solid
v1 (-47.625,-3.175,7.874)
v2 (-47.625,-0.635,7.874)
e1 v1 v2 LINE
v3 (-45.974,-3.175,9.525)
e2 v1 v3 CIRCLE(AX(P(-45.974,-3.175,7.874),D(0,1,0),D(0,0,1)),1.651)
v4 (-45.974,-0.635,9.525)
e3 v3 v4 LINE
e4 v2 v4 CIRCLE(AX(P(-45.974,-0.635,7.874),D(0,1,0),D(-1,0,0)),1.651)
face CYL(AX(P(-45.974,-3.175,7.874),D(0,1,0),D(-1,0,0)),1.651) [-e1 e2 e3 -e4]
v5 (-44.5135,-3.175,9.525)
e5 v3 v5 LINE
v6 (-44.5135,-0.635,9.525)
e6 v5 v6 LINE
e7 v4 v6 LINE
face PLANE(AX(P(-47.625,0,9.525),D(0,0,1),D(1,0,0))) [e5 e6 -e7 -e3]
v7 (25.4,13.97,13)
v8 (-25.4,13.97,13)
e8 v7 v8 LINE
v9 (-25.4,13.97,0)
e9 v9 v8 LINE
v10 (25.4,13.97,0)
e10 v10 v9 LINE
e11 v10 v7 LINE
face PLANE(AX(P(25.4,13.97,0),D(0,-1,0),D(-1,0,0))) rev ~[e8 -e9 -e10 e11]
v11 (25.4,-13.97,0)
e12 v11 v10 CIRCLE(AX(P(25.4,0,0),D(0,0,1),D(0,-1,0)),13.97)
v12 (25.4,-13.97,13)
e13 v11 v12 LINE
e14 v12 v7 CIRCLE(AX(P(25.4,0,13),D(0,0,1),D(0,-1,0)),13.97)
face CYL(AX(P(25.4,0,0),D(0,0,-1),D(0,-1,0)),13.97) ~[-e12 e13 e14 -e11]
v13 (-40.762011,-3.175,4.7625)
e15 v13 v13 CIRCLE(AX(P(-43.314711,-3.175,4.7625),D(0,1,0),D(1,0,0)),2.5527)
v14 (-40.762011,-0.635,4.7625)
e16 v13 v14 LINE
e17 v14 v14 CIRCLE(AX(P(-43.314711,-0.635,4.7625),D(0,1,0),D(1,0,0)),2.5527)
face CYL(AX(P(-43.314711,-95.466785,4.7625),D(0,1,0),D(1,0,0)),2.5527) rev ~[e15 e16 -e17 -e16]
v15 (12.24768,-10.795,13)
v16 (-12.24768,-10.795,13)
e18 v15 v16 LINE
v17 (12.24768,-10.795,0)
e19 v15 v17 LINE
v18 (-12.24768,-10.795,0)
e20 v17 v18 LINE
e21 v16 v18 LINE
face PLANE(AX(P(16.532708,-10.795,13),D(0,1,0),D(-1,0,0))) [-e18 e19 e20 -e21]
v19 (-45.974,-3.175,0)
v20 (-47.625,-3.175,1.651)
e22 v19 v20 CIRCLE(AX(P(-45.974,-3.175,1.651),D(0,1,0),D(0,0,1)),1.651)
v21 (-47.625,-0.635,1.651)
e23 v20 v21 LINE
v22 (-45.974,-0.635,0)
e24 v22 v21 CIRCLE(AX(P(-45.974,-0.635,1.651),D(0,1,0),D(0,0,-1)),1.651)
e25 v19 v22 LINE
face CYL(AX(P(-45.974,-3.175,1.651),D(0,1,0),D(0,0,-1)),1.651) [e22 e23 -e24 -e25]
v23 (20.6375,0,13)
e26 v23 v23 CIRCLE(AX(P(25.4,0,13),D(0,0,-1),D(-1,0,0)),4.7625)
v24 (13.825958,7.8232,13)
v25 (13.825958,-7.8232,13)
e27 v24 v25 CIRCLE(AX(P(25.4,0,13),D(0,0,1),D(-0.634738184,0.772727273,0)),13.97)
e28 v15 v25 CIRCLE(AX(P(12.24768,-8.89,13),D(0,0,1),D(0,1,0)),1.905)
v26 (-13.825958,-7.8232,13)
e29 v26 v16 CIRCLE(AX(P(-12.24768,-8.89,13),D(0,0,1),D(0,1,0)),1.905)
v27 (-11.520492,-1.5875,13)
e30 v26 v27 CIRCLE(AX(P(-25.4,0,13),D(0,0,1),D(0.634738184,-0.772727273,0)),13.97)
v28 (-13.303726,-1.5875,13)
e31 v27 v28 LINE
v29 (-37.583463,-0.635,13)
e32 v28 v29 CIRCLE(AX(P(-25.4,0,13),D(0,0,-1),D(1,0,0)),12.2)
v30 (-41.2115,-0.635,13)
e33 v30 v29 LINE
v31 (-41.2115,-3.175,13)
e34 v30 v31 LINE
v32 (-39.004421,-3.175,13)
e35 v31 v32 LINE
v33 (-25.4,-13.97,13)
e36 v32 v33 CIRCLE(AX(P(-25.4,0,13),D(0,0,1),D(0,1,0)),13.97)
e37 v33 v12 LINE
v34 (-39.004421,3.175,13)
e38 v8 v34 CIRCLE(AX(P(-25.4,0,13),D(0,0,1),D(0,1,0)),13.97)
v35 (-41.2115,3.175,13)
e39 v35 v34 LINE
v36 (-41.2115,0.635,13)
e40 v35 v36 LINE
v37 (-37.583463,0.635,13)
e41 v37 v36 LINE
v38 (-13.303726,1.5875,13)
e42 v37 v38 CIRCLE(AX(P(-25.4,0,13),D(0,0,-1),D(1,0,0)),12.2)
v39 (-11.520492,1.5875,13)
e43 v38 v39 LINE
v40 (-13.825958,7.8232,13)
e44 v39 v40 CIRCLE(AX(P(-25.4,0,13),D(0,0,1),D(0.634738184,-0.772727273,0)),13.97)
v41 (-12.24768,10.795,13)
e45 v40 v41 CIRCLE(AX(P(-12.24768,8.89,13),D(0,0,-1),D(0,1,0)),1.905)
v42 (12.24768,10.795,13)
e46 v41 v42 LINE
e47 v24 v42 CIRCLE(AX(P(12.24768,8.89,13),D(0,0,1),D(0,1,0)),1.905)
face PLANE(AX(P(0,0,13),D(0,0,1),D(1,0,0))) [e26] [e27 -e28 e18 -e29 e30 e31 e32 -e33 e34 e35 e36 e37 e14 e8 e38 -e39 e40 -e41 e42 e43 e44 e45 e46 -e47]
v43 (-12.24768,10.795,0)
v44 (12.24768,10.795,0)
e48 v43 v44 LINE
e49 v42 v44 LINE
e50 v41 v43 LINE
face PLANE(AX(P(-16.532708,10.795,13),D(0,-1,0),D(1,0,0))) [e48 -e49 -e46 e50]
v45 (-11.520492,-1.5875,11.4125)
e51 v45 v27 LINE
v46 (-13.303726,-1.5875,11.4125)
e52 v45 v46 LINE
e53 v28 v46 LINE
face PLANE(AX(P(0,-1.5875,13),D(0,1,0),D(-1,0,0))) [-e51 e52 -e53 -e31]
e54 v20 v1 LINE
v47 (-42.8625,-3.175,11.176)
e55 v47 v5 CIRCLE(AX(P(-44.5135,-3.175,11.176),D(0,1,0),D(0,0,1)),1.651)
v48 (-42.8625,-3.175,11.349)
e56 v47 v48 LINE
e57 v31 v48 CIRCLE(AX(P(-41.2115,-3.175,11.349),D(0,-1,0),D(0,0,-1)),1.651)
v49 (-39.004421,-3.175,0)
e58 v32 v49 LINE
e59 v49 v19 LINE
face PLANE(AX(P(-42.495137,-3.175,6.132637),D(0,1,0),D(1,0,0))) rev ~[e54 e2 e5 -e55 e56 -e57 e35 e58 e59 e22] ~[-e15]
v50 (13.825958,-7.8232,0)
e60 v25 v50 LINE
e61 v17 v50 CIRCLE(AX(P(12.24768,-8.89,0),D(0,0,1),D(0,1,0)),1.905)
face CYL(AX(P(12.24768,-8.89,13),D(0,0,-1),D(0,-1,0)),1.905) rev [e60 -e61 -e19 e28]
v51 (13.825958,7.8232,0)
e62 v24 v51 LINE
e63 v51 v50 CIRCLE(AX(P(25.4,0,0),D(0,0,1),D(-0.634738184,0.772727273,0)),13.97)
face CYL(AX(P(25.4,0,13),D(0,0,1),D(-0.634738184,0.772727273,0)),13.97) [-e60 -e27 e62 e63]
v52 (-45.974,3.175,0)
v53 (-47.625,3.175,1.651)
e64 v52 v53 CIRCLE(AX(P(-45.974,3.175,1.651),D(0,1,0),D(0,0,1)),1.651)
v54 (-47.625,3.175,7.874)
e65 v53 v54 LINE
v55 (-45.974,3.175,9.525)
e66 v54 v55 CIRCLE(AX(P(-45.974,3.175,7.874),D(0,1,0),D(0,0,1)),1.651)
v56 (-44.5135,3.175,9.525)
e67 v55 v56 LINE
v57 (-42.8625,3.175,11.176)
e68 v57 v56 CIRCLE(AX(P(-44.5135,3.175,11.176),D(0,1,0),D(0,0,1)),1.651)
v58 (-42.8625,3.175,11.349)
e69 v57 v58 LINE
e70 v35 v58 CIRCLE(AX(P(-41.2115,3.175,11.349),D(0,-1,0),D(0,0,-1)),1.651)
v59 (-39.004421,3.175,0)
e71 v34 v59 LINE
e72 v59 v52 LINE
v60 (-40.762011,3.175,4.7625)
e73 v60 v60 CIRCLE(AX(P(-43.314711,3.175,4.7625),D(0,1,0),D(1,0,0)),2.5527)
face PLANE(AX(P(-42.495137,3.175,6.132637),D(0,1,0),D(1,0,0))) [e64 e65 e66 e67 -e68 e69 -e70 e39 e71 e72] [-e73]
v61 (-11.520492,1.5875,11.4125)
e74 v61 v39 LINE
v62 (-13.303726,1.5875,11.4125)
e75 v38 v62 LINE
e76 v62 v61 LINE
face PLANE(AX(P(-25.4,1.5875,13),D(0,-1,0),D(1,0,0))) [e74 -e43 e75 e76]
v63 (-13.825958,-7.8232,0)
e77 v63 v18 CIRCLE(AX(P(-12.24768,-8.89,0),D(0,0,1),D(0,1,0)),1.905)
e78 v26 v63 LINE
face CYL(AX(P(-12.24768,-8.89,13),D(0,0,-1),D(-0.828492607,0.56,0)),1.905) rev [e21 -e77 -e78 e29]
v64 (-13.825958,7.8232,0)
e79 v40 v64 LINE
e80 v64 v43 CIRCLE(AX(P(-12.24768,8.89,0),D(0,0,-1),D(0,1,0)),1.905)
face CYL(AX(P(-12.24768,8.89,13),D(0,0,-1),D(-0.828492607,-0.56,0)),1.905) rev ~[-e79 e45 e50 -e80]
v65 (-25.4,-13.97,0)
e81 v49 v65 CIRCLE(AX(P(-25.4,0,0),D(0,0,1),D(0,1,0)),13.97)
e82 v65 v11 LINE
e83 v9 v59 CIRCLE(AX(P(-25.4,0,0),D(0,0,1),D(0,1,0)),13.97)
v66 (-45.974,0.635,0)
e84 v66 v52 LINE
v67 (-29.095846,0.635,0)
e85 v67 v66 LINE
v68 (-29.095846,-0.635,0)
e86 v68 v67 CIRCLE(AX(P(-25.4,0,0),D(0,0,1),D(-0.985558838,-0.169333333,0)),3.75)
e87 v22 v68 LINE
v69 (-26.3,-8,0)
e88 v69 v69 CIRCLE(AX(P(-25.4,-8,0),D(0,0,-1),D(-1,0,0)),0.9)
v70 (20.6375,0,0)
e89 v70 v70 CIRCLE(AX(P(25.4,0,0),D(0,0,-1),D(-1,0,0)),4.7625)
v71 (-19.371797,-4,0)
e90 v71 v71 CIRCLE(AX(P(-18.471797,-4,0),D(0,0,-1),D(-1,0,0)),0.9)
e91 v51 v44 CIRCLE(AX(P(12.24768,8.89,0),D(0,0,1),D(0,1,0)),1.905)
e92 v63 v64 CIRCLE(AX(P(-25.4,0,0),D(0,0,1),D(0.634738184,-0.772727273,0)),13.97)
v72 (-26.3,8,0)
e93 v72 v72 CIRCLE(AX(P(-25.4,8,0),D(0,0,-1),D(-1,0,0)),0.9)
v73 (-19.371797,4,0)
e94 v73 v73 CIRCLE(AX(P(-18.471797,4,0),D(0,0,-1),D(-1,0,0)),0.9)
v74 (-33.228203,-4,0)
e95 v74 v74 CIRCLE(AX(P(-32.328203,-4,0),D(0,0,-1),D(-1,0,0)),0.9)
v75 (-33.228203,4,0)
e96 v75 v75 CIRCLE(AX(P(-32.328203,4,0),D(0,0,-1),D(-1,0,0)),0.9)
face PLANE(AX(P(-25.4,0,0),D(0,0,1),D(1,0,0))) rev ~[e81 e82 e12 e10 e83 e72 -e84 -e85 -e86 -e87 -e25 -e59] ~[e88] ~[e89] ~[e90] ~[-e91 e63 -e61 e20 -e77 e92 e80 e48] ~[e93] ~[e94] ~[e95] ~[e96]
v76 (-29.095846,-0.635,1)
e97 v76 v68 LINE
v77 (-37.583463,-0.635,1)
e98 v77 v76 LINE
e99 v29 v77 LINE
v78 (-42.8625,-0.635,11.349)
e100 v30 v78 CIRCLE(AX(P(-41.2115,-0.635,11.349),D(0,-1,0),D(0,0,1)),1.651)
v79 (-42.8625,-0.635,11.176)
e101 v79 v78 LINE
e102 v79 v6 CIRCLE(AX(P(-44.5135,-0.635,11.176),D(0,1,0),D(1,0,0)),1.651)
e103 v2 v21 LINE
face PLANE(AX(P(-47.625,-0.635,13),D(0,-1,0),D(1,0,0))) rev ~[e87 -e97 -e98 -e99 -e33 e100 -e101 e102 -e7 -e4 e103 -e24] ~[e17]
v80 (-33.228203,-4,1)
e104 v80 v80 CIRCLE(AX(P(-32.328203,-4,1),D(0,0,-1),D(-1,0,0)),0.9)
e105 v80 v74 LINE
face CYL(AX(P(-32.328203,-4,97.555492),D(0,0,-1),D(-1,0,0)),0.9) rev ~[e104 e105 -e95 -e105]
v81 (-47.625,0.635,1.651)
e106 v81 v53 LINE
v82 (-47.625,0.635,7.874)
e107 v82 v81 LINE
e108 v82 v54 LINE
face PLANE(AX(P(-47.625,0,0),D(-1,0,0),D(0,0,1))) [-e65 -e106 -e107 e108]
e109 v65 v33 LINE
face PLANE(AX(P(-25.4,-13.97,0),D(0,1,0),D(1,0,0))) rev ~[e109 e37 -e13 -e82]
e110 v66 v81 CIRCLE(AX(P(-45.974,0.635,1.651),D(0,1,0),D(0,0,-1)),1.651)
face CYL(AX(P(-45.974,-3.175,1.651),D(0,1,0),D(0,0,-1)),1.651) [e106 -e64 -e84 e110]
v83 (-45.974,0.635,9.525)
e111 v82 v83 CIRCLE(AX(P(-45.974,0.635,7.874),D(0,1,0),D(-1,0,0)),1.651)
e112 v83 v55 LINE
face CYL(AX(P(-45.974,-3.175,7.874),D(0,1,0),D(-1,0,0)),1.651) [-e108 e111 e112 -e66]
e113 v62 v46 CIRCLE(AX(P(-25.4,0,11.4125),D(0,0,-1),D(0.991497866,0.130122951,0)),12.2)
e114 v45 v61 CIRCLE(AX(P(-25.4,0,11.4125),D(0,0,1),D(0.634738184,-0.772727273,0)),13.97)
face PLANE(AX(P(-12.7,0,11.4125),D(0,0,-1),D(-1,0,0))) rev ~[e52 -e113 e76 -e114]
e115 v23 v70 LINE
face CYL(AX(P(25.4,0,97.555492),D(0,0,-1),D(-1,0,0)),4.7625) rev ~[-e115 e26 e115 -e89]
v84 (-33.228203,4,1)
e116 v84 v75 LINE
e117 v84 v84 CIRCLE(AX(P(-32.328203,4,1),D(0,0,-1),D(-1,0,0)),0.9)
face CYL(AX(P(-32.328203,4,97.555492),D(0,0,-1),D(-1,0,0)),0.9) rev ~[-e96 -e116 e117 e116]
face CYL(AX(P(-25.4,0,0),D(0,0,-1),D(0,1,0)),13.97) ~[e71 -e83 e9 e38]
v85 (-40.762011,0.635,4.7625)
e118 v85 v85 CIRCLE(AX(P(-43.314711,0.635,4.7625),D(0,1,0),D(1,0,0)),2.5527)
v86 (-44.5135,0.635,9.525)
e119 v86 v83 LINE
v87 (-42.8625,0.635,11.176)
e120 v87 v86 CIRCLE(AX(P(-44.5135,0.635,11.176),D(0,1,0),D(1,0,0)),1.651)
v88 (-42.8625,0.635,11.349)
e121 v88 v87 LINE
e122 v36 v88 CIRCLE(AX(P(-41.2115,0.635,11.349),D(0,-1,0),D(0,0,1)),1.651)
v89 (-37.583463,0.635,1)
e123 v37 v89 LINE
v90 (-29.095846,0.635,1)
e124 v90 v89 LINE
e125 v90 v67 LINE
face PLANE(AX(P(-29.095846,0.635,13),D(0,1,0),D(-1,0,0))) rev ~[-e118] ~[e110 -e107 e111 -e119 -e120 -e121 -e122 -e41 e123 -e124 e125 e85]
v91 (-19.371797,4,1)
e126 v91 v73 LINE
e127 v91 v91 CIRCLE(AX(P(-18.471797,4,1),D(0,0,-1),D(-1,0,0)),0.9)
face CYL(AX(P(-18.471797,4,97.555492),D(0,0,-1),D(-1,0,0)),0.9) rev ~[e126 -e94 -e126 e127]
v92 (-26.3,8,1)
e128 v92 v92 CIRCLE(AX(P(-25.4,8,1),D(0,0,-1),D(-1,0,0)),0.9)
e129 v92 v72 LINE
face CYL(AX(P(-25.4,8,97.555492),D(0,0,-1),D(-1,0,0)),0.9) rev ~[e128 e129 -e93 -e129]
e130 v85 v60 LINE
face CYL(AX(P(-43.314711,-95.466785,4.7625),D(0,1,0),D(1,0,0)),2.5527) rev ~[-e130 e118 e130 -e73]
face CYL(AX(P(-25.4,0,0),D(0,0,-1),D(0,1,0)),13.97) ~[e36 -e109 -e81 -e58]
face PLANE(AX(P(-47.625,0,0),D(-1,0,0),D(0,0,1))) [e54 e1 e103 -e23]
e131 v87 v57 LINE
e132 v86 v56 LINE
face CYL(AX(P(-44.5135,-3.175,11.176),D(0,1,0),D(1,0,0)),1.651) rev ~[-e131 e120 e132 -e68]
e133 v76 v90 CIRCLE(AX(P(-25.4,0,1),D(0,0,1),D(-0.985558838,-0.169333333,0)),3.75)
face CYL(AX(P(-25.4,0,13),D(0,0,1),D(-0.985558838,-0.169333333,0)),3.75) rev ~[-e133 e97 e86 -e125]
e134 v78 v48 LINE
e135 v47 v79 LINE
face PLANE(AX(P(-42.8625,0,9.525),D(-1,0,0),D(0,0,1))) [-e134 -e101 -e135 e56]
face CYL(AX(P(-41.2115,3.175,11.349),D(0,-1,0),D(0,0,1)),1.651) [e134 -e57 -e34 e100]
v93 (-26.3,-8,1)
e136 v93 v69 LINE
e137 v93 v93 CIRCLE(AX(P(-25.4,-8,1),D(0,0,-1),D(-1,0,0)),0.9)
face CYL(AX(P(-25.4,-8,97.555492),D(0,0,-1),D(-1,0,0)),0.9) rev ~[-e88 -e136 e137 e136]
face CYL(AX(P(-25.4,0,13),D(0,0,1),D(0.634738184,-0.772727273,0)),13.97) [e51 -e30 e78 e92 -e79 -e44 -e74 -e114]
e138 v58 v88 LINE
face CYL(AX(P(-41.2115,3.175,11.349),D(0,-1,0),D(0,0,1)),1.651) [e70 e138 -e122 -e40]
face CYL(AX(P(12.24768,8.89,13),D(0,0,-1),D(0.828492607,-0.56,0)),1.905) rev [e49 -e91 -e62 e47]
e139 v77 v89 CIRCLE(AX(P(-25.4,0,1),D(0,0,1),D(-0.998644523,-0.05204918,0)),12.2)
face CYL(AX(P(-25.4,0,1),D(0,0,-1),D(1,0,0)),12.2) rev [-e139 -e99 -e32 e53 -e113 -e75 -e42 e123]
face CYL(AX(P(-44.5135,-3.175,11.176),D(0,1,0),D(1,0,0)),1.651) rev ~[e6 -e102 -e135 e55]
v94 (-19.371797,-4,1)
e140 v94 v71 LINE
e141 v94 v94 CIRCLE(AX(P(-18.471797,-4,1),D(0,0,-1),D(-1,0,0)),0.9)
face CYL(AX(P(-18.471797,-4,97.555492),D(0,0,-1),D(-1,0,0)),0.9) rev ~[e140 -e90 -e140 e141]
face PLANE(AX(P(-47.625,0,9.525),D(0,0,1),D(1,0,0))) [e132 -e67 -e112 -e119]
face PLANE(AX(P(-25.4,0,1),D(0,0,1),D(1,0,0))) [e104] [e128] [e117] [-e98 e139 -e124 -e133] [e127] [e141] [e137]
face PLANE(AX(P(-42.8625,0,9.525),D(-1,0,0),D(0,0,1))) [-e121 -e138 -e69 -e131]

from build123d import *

# Parameters (mm, degrees)
BOSS_EXTRUDE1_DEPTH          = 13
M1_6_CLEARANCE_HOLE2_D       = 1.8
F_3_8_0_375_DIAMETER_HOLE1_D = 9.525
CUT_EXTRUDE1_START           = 1
SKETCH1_4_R                  = 12.2
CUT_EXTRUDE1_DEPTH           = 43.751089129
BOSS_EXTRUDE2_DEPTH          = 3.175
F_10_CLEARANCE_HOLE1_D       = 5.1054
FILLET1_R                    = 1.651
CUT_EXTRUDE2_DEPTH           = 52.305959936
CUT_EXTRUDE3_DEPTH           = 52.305959936
FILLET2_R                    = 1.905
CUT_EXTRUDE4_DEPTH           = 1.5875


with BuildPart() as part:
    # Sketch1 → Boss-Extrude1 (new body)
    with BuildSketch(Plane.XY):
        with BuildLine():
            Line((-25.4, -13.97), (25.4, -13.97))
            ThreePointArc((25.4, -13.97), (39.37, 0), (25.4, 13.97))
            Line((25.4, 13.97), (-25.4, 13.97))
            ThreePointArc((-25.4, 13.97), (-39.37, 0), (-25.4, -13.97))
        make_face()
    extrude(amount=BOSS_EXTRUDE1_DEPTH)

    # M1.6 Clearance Hole2 (through all)
    with Locations(Plane.XY.offset(13)):
        with Locations((-32.32820323, 4), (-25.4, 8), (-18.47179677, 4), (-18.47179677, -4), (-25.4, -8), (-32.32820323, -4)):
            Hole(M1_6_CLEARANCE_HOLE2_D / 2)

    # 3/8 (0.375) Diameter Hole1 (through all)
    with Locations(Plane.XY.offset(13)):
        with Locations((25.4, 0)):
            Hole(F_3_8_0_375_DIAMETER_HOLE1_D / 2)

    # Sketch1<4> → Cut-Extrude1 (cut, through all)
    with BuildSketch(Plane.XY.offset(CUT_EXTRUDE1_START)):
        with Locations((-25.4, 0)):
            Circle(SKETCH1_4_R)
    extrude(amount=CUT_EXTRUDE1_DEPTH, mode=Mode.SUBTRACT)

    # Sketch7 → Boss-Extrude2 (add, symmetric)
    with BuildSketch(Plane(origin=(0, 0, 0), x_dir=(1, 0, 0), z_dir=(0, 1, 0))):
        Polygon((-38.1, 0), (-47.625, 0), (-47.625, -9.525), (-42.8625, -9.525), (-42.8625, -13), (-38.1, -13), align=None)
    extrude(amount=BOSS_EXTRUDE2_DEPTH, both=True)

    # #10 Clearance Hole1 (through all)
    with Locations(Plane(origin=(0, -3.175, 0), x_dir=(-1, 0, 0), z_dir=(0, -1, 0))):
        with Locations((43.314710578, -4.7625)):
            Hole(F_10_CLEARANCE_HOLE1_D / 2)

    # Fillet1
    fillet1_edges = [part.edges().sort_by_distance(p)[0] for p in [
        (-47.625, 0, 0),
        (-42.8625, 0, 13),
        (-42.8625, 0, 9.525),
        (-47.625, 0, 9.525),
    ]]
    fillet(fillet1_edges, radius=FILLET1_R)

    # Sketch9 → Cut-Extrude2 (cut, through all)
    with BuildSketch(Plane.XY.offset(13)):
        with BuildLine():
            Line((-47.625, 0.635), (-47.625, -0.635))
            Line((-47.625, -0.635), (-29.095845641, -0.635))
            ThreePointArc((-29.095845641, -0.635), (-21.65, 0), (-29.095845641, 0.635))
            Line((-29.095845641, 0.635), (-47.625, 0.635))
        make_face()
    extrude(amount=-CUT_EXTRUDE2_DEPTH, mode=Mode.SUBTRACT)

    # Sketch13 → Cut-Extrude3 (cut, through all)
    with BuildSketch(Plane.XY.offset(13)):
        with BuildLine():
            Line((-16.532707572, 10.795), (16.532707572, 10.795))
            ThreePointArc((16.532707572, 10.795), (11.43, 0), (16.532707572, -10.795))
            Line((16.532707572, -10.795), (-16.532707572, -10.795))
            ThreePointArc((-16.532707572, -10.795), (-11.43, 0), (-16.532707572, 10.795))
        make_face()
    extrude(amount=-CUT_EXTRUDE3_DEPTH, mode=Mode.SUBTRACT)

    # Fillet2
    fillet2_edges = [part.edges().sort_by_distance(p)[0] for p in [
        (16.532707572, -10.795, 6.5),
        (16.532707572, 10.795, 6.5),
        (-16.532707572, 10.795, 6.5),
        (-16.532707572, -10.795, 6.5),
    ]]
    fillet(fillet2_edges, radius=FILLET2_R)

    # Sketch14 → Cut-Extrude4 (cut)
    with BuildSketch(Plane.XY.offset(13)):
        with BuildLine():
            Line((-25.4, 1.5875), (0, 1.5875))
            ThreePointArc((0, 1.5875), (1.5875, 0), (0, -1.5875))
            Line((0, -1.5875), (-25.4, -1.5875))
            ThreePointArc((-25.4, -1.5875), (-26.9875, 0), (-25.4, 1.5875))
        make_face()
    extrude(amount=-CUT_EXTRUDE4_DEPTH, mode=Mode.SUBTRACT)


solid = part.part
